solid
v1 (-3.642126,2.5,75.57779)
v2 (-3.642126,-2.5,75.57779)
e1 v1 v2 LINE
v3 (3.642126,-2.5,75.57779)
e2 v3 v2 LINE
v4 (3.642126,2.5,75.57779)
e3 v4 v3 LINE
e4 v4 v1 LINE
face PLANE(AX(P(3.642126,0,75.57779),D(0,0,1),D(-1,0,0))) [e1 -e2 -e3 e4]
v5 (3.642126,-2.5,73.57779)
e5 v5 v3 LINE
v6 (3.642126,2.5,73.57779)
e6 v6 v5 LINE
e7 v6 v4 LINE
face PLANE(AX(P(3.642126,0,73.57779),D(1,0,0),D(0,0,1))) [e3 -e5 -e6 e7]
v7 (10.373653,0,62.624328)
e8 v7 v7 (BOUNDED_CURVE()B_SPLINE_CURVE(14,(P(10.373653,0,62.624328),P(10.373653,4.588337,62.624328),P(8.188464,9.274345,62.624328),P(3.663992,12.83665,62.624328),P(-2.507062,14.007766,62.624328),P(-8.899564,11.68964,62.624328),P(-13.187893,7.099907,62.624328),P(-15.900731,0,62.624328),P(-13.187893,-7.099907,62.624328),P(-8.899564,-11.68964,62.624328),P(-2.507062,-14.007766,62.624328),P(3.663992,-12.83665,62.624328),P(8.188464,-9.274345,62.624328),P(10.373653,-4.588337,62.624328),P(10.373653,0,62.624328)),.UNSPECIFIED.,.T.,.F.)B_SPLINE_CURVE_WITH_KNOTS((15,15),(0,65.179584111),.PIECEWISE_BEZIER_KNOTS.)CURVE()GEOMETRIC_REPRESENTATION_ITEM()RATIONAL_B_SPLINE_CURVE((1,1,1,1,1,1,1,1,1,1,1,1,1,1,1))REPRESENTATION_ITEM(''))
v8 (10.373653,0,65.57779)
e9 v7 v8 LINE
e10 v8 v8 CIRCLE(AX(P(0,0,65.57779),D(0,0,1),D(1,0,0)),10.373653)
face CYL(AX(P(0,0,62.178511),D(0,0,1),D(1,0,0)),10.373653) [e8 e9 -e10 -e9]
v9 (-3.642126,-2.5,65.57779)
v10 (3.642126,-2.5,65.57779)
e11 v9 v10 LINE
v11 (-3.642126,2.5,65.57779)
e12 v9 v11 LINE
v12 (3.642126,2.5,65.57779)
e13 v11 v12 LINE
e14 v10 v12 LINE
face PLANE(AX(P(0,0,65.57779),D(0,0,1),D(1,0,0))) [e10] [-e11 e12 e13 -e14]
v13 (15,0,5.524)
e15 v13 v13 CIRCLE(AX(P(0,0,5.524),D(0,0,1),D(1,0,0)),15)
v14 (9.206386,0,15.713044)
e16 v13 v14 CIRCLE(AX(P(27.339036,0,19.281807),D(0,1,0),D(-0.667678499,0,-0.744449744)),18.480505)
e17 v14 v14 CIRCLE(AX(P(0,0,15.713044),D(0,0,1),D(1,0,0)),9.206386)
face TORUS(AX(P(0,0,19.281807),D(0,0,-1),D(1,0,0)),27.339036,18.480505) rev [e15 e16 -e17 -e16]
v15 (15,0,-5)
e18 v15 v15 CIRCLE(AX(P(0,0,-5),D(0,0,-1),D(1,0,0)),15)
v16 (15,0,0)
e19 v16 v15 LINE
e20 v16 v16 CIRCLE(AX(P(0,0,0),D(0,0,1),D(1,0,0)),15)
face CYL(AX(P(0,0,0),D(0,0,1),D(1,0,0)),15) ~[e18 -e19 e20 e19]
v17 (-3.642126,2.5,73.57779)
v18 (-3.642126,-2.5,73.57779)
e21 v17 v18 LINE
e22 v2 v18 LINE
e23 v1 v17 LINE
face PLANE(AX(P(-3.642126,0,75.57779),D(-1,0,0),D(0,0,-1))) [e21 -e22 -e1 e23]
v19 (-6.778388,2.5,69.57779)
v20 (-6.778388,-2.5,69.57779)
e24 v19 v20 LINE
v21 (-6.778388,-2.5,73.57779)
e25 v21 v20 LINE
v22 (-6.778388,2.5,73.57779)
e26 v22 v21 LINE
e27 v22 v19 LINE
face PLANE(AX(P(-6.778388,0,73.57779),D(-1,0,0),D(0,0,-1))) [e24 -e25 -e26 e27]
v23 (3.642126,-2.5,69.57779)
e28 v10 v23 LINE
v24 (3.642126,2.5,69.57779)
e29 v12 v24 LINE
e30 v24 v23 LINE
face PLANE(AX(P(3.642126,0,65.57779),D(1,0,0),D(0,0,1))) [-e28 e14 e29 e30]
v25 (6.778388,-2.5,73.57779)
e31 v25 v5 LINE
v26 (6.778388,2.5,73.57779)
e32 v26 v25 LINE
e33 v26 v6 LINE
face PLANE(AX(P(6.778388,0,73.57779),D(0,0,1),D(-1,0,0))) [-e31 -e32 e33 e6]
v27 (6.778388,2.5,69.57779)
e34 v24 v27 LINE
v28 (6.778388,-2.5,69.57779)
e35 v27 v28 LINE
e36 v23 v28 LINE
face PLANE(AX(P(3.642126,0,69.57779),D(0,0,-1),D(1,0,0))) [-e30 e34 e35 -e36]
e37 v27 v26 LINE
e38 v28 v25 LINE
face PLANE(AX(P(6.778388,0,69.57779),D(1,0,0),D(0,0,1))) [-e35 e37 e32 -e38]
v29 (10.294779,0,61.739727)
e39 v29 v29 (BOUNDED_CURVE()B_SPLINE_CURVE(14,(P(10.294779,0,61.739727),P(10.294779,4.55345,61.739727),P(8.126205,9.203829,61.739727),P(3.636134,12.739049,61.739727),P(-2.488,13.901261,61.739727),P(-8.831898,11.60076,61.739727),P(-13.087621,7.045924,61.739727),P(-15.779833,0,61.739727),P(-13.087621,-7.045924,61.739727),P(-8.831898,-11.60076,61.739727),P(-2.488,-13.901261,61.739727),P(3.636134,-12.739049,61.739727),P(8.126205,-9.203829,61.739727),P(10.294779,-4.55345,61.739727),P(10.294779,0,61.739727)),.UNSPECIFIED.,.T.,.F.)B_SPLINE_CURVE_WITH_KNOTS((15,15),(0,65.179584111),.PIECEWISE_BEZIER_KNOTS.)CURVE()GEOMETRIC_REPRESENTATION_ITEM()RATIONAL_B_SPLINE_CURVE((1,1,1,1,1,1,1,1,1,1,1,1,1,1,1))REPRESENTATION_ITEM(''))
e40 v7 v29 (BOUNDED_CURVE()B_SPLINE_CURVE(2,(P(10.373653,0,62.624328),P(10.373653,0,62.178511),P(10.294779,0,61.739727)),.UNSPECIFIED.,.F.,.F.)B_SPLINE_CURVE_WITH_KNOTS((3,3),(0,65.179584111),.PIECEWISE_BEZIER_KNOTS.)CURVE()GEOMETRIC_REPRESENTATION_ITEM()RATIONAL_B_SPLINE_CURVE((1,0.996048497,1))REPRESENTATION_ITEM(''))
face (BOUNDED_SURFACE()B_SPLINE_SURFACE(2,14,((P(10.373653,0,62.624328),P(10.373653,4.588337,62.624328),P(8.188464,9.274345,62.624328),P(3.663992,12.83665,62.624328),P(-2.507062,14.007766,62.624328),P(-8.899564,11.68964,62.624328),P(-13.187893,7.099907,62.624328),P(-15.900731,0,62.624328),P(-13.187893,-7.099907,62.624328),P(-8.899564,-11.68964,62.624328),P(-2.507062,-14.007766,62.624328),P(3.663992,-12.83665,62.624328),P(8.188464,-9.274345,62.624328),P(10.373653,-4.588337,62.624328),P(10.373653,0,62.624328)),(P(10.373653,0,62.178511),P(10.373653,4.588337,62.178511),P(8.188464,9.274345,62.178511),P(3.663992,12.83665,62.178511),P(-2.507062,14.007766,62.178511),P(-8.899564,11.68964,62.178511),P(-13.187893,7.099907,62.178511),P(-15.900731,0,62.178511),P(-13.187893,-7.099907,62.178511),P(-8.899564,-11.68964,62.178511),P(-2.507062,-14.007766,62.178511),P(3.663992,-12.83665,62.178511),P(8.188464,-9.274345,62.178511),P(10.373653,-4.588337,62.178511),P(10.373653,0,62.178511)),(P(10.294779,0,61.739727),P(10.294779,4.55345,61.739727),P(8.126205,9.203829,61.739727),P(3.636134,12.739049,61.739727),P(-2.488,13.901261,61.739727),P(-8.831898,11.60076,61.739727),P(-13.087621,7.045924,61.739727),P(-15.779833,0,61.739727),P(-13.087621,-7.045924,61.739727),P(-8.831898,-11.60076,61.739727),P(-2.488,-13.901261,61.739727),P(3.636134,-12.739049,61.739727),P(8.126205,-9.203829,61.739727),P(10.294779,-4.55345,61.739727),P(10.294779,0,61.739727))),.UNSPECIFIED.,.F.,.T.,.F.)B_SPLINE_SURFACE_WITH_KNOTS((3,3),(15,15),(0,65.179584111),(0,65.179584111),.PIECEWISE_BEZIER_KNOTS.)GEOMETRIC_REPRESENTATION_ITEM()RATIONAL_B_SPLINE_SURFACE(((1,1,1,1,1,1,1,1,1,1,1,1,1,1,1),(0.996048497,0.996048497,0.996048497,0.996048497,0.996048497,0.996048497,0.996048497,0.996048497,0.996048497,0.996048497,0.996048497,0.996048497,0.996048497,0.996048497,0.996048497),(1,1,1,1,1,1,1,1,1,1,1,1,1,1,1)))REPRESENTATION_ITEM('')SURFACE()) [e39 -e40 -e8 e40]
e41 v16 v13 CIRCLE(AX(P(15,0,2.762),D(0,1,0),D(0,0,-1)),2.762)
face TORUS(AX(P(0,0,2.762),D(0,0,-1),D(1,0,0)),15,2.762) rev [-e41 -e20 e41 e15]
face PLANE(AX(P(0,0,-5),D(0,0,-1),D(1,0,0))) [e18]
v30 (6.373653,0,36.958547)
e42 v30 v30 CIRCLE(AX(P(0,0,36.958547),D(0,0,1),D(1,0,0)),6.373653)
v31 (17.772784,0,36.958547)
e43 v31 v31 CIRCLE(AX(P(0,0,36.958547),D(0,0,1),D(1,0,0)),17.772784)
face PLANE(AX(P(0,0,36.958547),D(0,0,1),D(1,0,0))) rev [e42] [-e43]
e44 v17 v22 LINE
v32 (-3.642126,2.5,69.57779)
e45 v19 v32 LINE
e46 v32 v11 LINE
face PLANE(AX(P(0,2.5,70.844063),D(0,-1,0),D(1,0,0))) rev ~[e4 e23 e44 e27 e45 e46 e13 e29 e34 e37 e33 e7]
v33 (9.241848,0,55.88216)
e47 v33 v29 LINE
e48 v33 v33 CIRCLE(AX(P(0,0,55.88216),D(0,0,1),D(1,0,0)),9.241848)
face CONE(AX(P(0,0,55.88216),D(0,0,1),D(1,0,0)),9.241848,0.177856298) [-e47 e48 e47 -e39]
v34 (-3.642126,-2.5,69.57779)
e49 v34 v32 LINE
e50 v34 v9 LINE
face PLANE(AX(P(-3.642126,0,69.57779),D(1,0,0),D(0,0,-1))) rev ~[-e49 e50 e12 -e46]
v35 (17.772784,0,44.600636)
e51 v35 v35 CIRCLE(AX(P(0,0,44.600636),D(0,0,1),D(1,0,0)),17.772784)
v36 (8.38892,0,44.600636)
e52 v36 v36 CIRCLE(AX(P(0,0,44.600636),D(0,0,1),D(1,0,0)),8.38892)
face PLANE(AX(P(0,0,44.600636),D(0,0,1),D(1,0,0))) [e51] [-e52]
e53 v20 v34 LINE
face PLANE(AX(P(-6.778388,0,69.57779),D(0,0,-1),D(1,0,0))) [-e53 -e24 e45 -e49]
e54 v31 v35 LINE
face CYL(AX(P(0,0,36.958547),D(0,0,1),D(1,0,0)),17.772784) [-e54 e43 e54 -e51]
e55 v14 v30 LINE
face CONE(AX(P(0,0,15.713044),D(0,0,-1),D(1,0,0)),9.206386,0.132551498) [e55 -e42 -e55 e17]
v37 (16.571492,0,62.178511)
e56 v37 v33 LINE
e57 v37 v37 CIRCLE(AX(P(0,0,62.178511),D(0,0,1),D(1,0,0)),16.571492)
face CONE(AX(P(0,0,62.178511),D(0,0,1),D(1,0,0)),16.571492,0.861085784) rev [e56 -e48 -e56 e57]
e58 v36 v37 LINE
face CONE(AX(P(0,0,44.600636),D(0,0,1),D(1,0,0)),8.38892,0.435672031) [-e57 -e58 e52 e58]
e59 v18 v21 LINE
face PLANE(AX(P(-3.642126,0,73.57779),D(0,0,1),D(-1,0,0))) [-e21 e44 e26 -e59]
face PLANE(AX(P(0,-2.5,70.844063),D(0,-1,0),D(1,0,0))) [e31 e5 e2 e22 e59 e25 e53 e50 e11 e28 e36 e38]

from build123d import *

# Parameters (mm, degrees)
F1_FACE_R = 15
F2_DEPTH  = 5
F3_DEPTH  = 2.5
F4_DEPTH  = 2.5
F5_R      = 5


with BuildPart() as f1:
    # F0 (on Front) → F1 (revolve)
    with BuildSketch(Plane.XZ):
        with BuildLine():
            Line((0, 65.57779), (0, 0))
            Line((0, 0), (15, 0))
            ThreePointArc((15, 0), (12.238, 2.762), (15, 5.524))
            ThreePointArc((15, 5.524), (11.27401, 10.147038), (9.206386, 15.713044))
            Line((9.206386, 15.713044), (6.373653, 36.958547))
            Line((6.373653, 36.958547), (17.772784, 36.958547))
            Line((17.772784, 36.958547), (17.772784, 44.600636))
            Line((17.772784, 44.600636), (8.38892, 44.600636))
            Line((8.38892, 44.600636), (16.571492, 62.178511))
            Line((16.571492, 62.178511), (9.241848, 55.88216))
            Line((9.241848, 55.88216), (10.373653, 62.178511))
            Line((10.373653, 62.178511), (10.373653, 65.57779))
            Line((10.373653, 65.57779), (3.642126, 65.57779))
            Line((3.642126, 65.57779), (0, 65.57779))
        make_face()
    revolve(axis=Axis((0, 0, 32.788895), (0, 0, 1)))

    # F1_face (on face) → F2 (join)
    with BuildSketch(Plane(origin=(0, 0, 0), x_dir=(1, 0, 0), z_dir=(0, 0, -1))):
        Circle(F1_FACE_R)
    extrude(amount=F2_DEPTH)

    # F0 (on Front) → F3 (join)
    with BuildSketch(Plane.XZ):
        Polygon((-3.642126, 65.57779), (0, 65.57779), (3.642126, 65.57779), (3.642126, 69.57779), (6.778388, 69.57779), (6.778388, 73.57779), (3.642126, 73.57779), (3.642126, 75.57779), (0, 75.57779), (-3.642126, 75.57779), (-3.642126, 73.57779), (-6.778388, 73.57779), (-6.778388, 69.57779), (-3.642126, 69.57779), align=None)
    extrude(amount=F3_DEPTH)

    # F0 (on Front) → F4 (join)
    with BuildSketch(Plane.XZ):
        Polygon((-3.642126, 65.57779), (0, 65.57779), (3.642126, 65.57779), (3.642126, 69.57779), (6.778388, 69.57779), (6.778388, 73.57779), (3.642126, 73.57779), (3.642126, 75.57779), (0, 75.57779), (-3.642126, 75.57779), (-3.642126, 73.57779), (-6.778388, 73.57779), (-6.778388, 69.57779), (-3.642126, 69.57779), align=None)
    extrude(amount=-F4_DEPTH)

    # F5
    f5_edges = [f1.edges().sort_by_distance(p)[0] for p in [
        (-10.373653, 0, 62.178511),
    ]]
    fillet(f5_edges, radius=F5_R)


solid = f1.part
